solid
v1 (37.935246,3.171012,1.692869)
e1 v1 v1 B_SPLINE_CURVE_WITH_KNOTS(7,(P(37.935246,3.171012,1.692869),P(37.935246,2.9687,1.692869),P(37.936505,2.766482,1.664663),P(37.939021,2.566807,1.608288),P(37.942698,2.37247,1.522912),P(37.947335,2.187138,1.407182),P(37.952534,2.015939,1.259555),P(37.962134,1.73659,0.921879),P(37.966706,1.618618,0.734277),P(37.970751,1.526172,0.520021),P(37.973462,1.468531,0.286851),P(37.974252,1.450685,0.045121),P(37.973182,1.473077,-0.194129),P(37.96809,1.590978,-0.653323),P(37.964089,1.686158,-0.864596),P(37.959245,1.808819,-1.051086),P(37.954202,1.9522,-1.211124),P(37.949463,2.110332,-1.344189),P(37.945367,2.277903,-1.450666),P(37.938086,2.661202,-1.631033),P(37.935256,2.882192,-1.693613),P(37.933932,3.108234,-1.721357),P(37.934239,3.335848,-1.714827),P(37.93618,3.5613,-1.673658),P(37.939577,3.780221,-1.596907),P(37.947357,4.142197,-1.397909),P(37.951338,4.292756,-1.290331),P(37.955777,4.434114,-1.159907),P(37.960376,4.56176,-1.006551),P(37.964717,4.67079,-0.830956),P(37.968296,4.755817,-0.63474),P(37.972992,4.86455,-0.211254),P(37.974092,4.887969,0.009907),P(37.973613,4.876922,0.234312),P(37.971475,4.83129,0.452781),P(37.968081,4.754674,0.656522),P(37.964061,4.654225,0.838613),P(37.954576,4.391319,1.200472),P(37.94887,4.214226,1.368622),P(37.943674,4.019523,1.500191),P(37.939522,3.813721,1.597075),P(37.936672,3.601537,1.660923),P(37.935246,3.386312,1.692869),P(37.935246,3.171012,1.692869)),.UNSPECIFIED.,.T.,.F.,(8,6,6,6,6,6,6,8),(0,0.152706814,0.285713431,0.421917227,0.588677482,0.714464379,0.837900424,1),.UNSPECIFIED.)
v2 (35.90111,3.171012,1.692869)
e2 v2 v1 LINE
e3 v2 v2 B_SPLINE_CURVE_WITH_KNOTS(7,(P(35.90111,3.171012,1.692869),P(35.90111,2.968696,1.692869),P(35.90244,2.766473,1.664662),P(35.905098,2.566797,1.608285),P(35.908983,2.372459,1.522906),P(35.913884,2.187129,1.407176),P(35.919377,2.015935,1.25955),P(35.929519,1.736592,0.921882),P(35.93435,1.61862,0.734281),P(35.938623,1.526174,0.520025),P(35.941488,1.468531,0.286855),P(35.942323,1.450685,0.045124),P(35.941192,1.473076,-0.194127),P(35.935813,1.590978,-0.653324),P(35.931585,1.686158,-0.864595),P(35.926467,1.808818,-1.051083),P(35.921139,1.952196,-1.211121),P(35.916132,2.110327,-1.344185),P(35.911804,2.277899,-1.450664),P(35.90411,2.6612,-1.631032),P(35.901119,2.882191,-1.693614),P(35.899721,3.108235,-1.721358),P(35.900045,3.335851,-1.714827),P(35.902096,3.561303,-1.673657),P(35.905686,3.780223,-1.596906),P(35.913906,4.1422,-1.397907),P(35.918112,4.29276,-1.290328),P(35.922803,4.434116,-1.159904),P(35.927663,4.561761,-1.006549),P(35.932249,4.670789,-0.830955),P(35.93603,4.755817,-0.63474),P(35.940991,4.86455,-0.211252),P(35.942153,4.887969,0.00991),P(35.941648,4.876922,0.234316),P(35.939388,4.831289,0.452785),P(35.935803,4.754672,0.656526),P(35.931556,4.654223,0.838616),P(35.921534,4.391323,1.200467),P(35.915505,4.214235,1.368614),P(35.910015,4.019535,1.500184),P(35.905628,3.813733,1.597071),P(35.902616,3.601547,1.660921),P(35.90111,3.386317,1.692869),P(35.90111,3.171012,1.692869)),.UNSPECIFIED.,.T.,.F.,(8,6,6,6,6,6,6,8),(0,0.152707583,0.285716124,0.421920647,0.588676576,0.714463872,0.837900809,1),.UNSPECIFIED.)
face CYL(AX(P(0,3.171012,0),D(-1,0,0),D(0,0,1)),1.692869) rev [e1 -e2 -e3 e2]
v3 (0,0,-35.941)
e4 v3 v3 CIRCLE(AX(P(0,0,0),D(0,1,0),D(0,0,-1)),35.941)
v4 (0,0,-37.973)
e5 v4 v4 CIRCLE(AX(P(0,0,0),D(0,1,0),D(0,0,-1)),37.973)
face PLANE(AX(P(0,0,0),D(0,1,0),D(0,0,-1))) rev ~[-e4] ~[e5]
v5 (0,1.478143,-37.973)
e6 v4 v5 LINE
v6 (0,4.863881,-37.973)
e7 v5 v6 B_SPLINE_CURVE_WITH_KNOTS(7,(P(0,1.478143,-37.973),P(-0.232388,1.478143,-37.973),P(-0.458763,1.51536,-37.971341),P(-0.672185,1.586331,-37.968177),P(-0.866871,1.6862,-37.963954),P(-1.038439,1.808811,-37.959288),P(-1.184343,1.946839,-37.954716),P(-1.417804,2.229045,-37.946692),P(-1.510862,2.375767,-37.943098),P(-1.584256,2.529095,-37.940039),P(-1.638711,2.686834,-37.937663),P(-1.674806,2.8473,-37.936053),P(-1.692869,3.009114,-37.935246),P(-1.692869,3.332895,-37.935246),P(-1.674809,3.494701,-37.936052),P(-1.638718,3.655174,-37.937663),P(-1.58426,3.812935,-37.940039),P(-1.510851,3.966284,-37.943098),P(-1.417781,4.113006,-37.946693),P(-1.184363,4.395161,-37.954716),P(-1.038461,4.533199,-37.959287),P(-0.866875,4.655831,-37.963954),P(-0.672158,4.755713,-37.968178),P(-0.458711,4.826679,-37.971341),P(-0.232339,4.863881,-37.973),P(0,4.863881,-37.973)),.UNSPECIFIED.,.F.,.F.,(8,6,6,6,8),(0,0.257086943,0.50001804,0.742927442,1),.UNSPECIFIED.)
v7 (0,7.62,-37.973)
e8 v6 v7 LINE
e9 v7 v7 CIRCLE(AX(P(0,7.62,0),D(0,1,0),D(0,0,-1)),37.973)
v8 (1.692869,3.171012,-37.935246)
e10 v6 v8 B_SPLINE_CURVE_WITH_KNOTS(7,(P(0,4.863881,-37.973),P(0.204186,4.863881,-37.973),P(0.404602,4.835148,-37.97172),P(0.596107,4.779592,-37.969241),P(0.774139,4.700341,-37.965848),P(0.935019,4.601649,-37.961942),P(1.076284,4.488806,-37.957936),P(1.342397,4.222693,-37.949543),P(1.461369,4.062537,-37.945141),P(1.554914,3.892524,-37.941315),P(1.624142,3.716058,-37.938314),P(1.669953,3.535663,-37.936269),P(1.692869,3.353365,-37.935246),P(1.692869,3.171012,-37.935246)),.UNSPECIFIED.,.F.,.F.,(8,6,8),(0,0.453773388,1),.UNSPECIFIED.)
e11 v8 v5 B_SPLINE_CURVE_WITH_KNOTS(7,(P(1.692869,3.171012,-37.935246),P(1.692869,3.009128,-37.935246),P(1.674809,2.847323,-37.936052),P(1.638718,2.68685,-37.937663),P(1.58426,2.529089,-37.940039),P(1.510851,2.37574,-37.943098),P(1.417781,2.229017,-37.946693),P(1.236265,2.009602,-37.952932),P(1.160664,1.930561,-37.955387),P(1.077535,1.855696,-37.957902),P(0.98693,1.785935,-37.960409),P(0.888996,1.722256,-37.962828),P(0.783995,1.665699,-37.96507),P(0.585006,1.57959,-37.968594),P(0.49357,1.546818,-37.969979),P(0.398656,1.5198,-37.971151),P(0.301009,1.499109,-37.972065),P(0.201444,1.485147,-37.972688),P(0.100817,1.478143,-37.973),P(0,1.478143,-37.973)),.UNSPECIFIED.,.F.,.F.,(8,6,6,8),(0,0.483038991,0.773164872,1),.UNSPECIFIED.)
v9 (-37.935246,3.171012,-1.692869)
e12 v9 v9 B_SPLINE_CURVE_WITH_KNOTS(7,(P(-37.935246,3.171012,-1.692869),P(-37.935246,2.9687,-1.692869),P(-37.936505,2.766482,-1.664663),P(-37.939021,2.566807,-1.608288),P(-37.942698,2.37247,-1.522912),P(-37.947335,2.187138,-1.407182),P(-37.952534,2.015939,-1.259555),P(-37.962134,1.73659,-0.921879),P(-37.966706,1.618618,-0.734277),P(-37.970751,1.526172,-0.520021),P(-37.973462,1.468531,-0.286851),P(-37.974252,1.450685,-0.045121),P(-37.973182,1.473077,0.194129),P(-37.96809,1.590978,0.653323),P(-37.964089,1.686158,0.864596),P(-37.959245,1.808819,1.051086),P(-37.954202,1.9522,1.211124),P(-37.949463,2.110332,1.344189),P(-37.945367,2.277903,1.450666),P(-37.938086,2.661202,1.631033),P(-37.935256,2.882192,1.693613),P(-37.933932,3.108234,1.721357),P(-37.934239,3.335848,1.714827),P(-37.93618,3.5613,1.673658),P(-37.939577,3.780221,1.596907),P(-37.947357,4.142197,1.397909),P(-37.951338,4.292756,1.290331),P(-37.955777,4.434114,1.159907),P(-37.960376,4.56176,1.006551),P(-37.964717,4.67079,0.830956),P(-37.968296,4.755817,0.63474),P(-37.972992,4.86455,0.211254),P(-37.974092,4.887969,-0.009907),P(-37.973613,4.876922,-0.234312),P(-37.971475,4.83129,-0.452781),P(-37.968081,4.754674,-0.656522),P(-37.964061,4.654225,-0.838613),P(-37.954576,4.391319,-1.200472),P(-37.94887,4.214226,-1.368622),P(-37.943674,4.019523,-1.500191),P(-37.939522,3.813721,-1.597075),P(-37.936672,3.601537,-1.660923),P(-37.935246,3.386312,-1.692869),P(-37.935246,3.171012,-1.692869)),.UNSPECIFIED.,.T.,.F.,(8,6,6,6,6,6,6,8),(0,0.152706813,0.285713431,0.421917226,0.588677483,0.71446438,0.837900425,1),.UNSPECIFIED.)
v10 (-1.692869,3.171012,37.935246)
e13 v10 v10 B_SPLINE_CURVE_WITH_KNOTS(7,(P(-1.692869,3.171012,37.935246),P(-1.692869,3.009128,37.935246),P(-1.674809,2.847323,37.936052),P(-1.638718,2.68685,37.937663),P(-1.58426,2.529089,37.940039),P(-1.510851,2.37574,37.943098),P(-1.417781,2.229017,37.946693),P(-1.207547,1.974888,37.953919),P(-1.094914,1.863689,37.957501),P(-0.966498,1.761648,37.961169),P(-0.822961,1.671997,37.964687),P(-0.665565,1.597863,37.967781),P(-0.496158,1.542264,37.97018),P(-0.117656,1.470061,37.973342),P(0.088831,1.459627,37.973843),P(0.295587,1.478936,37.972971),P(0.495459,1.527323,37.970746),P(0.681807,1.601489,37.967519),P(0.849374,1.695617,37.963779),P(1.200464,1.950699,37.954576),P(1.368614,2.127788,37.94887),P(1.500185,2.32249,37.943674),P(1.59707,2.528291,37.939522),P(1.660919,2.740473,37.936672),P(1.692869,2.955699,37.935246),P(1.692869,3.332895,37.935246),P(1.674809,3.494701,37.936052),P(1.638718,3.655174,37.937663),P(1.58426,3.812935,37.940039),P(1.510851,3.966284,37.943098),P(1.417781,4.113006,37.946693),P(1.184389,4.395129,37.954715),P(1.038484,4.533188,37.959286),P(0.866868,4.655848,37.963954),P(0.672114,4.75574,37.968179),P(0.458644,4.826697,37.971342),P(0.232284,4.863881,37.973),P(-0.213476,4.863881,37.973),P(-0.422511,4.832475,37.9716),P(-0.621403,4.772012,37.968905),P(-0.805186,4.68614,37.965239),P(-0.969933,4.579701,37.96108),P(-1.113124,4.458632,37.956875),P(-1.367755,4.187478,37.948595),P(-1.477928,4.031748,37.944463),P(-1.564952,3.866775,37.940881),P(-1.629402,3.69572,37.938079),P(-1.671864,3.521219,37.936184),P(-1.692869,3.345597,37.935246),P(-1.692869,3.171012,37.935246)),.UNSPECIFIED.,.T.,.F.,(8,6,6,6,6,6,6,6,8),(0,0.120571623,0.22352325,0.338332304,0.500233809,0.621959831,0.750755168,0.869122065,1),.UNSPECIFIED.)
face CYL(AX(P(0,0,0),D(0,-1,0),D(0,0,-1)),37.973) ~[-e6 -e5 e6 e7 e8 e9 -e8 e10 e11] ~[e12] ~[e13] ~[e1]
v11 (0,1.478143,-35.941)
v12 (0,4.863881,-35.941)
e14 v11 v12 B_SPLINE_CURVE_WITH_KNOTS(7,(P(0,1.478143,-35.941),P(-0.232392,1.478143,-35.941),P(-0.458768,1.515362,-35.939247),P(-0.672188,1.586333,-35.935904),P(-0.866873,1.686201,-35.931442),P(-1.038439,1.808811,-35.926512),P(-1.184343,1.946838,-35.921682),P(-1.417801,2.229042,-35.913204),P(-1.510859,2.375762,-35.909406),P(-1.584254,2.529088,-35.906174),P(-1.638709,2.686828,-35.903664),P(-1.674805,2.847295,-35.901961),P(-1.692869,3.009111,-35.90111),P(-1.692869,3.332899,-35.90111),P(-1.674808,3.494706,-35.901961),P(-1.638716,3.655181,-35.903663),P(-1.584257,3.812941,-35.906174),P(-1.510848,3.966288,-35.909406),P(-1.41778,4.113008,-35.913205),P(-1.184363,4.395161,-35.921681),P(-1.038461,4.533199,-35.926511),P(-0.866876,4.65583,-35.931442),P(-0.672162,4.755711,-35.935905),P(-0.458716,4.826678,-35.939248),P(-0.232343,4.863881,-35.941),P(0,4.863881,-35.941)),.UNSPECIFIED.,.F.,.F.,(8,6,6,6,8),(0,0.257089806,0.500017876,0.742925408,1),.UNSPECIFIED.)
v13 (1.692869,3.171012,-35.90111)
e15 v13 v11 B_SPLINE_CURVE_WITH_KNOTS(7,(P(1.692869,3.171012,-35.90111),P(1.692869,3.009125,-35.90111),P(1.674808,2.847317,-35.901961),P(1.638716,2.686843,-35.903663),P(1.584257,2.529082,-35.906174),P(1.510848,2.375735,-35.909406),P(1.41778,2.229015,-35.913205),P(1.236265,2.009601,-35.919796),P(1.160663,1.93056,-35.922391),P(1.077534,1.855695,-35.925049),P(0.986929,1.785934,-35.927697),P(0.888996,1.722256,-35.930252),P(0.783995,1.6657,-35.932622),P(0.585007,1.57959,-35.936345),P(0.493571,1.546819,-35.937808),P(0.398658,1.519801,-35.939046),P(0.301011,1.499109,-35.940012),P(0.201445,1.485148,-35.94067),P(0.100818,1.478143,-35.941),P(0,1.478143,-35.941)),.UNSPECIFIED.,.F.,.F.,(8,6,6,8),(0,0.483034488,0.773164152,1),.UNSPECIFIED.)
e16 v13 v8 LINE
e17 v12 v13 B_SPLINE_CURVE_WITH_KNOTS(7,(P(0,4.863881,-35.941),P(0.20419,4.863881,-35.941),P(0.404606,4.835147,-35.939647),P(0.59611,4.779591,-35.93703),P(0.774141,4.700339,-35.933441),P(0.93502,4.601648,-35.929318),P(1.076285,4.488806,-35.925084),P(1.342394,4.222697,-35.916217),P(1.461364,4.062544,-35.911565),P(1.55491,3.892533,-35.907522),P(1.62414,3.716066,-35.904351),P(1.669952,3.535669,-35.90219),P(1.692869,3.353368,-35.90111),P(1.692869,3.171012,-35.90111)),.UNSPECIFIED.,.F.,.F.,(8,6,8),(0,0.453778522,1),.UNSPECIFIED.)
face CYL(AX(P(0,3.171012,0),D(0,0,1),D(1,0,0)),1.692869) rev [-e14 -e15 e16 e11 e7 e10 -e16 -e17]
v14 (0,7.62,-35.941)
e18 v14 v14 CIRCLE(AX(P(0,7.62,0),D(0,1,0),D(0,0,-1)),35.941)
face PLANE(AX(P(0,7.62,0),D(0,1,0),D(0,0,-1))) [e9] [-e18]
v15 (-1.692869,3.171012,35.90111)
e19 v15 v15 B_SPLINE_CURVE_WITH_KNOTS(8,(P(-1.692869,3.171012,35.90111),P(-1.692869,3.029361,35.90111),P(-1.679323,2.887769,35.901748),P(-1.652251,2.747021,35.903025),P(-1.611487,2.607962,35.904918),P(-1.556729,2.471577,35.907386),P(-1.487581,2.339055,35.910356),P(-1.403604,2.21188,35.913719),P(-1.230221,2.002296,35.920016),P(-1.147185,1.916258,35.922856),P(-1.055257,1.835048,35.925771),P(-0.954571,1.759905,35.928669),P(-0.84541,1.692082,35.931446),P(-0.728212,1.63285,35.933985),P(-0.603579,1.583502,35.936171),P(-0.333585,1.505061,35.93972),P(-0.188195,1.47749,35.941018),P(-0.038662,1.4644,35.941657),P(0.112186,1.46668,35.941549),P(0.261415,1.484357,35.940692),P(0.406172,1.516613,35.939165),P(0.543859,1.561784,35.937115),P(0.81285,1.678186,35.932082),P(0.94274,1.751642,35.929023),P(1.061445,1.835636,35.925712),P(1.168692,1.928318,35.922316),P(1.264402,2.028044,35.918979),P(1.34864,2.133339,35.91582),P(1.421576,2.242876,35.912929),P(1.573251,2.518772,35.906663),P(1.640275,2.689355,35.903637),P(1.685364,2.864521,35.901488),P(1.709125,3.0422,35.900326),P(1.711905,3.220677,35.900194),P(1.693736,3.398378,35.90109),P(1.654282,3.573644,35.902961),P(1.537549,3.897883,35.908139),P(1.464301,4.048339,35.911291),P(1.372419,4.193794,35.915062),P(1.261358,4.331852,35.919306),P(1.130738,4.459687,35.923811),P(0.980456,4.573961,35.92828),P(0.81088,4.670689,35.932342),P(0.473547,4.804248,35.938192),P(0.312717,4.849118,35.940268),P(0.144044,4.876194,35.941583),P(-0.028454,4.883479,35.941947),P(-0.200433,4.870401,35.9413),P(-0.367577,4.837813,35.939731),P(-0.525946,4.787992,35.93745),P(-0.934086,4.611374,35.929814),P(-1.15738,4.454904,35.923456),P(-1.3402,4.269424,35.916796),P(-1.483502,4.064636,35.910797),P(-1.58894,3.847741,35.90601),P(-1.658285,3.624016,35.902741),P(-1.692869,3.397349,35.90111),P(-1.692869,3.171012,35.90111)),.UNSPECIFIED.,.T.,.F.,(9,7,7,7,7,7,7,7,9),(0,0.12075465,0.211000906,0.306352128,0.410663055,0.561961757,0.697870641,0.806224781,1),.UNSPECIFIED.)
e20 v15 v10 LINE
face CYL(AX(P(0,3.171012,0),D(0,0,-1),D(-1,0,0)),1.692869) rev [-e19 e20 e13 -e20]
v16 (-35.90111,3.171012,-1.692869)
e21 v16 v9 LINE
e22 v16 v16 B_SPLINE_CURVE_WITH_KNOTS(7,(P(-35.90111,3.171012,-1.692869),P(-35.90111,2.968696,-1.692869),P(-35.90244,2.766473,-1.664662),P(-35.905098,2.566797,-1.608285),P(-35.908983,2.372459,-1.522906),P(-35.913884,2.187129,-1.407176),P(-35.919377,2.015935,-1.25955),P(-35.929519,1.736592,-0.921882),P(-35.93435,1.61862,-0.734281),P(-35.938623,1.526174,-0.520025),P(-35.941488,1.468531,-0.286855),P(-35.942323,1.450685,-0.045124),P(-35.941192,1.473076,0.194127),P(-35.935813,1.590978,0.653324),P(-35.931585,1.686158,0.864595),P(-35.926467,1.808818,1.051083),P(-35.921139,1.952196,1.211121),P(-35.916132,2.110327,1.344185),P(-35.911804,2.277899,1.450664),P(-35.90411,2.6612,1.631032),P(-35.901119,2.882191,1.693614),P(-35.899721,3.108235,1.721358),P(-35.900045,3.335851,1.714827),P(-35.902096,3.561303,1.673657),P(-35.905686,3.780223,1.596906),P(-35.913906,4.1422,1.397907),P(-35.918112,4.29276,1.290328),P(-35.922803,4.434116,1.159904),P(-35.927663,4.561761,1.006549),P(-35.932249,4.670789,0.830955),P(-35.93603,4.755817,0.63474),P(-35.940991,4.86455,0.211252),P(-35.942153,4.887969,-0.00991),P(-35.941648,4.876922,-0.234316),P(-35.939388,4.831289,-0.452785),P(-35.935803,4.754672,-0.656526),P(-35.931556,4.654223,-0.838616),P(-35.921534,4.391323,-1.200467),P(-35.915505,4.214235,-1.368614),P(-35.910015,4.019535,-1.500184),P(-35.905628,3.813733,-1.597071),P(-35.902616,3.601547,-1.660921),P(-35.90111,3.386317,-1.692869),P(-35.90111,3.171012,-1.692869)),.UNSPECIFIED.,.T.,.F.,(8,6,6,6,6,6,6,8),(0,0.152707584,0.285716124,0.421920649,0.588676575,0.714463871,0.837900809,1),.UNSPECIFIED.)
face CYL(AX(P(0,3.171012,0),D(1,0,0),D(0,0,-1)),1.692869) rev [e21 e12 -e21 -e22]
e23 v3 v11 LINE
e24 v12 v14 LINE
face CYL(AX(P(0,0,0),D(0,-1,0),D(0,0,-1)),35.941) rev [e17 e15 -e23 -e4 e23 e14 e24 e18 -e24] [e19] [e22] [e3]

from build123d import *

# Parameters (mm, degrees)
SKETCH1_R           = 37.973
SKETCH1_R_2         = 35.941
BOSS_EXTRUDE1_DEPTH = 7.62
SKETCH2_R           = 1.692869147
CUT_EXTRUDE1_DEPTH  = 86.62
CIRPATTERN1_COUNT   = 4


with BuildPart() as part:
    # Sketch1 → Boss-Extrude1 (new body)
    with BuildSketch(Plane(origin=(0, 0, 0), x_dir=(1, 0, 0), z_dir=(0, 1, 0))):
        with Locations(Location((0, 0, 0), (0, 0, 90))):
            Circle(SKETCH1_R)
        with Locations(Location((0, 0, 0), (0, 0, 90))):
            Circle(SKETCH1_R_2, mode=Mode.SUBTRACT)
    extrude(amount=BOSS_EXTRUDE1_DEPTH)

    # Sketch2 → Cut-Extrude1 (cut)
    with BuildSketch(Plane.XY):
        with Locations(Location((0, 3.171011831, 0), (0, 0, 180))):
            Circle(SKETCH2_R)
    cut_extrude1 = extrude(amount=CUT_EXTRUDE1_DEPTH, mode=Mode.SUBTRACT)

    # CirPattern1: Cut-Extrude1 ×4 about axis
    cirpattern1_axis = Axis((0, 0, 0), (0, -1, 0))
    for i in range(1, CIRPATTERN1_COUNT):
        add(cut_extrude1.rotate(cirpattern1_axis, i * 360 / CIRPATTERN1_COUNT), mode=Mode.SUBTRACT)


solid = part.part
